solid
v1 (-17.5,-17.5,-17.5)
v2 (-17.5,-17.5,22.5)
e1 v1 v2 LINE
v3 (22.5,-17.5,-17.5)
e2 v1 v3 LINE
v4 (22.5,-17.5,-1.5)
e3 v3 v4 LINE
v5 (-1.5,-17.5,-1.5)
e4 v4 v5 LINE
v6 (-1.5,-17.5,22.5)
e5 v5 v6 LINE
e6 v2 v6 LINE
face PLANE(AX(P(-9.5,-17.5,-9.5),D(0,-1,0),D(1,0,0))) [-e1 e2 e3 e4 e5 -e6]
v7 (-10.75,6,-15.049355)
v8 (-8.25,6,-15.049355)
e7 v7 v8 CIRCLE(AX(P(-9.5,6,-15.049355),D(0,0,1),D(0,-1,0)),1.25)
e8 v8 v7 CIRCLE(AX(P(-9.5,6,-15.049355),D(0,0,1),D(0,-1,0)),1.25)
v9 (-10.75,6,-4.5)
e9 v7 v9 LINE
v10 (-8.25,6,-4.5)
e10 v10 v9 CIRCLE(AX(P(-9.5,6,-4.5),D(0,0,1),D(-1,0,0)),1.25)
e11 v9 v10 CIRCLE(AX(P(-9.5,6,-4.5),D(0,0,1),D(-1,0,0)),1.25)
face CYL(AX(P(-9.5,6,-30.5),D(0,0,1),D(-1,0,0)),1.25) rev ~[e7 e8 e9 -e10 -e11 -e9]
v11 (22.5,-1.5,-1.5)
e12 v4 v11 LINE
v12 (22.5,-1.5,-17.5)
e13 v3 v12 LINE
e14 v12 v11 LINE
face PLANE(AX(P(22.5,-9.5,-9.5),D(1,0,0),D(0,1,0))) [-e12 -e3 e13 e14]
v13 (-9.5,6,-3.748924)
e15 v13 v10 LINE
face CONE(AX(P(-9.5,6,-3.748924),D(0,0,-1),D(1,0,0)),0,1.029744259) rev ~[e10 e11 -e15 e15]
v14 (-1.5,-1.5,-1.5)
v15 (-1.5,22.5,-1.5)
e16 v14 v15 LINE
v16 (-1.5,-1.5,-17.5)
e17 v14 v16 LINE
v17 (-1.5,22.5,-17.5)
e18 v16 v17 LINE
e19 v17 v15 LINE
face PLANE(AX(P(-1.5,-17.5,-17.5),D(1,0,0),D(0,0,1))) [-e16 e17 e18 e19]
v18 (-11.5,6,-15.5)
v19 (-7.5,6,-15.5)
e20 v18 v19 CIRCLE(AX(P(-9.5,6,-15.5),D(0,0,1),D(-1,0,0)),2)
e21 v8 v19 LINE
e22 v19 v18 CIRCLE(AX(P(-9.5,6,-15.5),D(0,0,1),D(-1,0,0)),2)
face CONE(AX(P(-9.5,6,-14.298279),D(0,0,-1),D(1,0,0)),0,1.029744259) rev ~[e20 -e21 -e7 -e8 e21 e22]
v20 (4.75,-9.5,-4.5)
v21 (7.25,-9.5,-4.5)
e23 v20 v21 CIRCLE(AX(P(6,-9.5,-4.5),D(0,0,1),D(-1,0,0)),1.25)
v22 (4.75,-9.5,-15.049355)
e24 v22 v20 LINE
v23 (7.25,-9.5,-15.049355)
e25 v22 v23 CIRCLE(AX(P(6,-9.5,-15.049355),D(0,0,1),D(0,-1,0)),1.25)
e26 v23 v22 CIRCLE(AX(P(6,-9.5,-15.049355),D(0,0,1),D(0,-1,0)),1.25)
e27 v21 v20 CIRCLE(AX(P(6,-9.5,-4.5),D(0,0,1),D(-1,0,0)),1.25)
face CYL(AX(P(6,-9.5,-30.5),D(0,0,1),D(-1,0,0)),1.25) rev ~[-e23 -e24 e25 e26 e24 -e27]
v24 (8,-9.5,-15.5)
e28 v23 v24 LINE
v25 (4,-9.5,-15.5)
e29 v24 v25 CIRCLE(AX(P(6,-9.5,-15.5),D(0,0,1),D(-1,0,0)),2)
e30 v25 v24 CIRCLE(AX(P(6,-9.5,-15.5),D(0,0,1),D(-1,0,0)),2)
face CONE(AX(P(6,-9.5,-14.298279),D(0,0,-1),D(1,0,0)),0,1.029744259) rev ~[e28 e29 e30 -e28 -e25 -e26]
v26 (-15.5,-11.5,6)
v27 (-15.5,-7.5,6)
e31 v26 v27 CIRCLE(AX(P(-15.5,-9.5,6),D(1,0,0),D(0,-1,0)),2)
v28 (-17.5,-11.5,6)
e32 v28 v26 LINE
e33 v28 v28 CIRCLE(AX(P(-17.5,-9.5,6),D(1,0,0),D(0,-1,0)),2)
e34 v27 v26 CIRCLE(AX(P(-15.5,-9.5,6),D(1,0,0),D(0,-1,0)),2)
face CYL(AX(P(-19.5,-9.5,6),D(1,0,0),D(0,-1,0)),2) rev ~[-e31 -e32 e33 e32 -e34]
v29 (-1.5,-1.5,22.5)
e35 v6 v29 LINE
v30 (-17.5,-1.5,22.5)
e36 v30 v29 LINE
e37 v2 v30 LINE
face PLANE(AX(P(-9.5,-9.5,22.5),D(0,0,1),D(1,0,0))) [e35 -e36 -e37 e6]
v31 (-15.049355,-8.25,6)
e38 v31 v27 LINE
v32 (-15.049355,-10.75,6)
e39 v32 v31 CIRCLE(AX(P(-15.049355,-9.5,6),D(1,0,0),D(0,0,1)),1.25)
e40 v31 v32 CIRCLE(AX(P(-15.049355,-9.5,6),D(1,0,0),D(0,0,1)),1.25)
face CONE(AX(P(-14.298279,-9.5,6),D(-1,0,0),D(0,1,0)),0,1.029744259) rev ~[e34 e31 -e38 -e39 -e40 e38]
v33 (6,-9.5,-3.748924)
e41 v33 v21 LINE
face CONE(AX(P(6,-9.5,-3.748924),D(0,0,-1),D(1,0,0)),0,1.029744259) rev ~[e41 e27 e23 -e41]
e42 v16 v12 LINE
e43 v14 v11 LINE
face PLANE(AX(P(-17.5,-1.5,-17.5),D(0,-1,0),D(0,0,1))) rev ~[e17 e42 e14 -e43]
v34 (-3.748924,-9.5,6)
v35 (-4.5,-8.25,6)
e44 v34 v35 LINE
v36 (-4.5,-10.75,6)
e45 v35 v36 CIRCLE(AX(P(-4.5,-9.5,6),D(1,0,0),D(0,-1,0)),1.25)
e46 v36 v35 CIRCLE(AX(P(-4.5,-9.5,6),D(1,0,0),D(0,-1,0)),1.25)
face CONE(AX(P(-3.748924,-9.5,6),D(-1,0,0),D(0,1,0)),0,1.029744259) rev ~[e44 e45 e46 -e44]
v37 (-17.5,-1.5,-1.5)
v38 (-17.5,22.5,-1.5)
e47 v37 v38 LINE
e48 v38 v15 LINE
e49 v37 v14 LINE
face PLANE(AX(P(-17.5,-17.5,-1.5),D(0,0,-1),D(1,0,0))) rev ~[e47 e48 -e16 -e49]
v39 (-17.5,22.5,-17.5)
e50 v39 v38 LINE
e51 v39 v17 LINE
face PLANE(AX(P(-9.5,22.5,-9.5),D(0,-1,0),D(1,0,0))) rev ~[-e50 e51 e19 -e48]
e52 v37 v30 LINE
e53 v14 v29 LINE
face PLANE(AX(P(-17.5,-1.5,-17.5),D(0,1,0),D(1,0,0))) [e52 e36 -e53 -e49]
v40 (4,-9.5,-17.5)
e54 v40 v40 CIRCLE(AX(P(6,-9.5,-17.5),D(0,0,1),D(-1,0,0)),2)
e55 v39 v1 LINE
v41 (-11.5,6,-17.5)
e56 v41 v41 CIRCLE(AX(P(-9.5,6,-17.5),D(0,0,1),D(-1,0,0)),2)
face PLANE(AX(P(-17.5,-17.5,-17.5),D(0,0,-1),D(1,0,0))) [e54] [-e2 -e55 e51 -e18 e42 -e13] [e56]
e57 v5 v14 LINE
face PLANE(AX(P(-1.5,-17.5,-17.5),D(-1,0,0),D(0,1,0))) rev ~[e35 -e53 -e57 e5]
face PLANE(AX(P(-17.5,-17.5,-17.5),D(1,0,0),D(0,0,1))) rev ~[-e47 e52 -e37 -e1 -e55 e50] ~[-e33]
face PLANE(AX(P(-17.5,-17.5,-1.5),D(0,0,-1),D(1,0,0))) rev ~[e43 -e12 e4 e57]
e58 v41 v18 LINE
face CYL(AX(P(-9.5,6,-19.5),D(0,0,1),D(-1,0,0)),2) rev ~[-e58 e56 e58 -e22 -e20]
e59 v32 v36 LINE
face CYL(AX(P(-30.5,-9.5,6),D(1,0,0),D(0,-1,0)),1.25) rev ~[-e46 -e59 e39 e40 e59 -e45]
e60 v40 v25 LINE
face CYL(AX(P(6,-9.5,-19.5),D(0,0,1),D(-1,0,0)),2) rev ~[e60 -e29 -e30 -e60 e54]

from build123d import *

# Parameters (mm, degrees)
F3_W      = 16
F3_H      = 16
F6_DEPTH  = 40
F4_W      = 16
F4_H      = 16
F7_DEPTH  = 40
F5_W      = 16
F5_H      = 16
F8_DEPTH  = 40
F9_D      = 2.5
F9_DEPTH  = 13
F9_TIP    = 0.7510757738
F10_D     = 4
F10_DEPTH = 2
F10_TIP   = 1.2017212381
F11_D     = 2.5
F11_DEPTH = 13
F11_TIP   = 0.7510757738
F12_D     = 4
F12_DEPTH = 2
F12_TIP   = 1.2017212381
F13_D     = 2.5
F13_DEPTH = 13
F13_TIP   = 0.7510757738
F14_D     = 4
F14_DEPTH = 2
F14_TIP   = 1.2017212381


with BuildPart() as f6:
    # F3 (on offset) → F6 (new body)
    with BuildSketch(Plane.XZ.offset(17.5)):
        with Locations((-9.5, -9.5)):
            Rectangle(F3_W, F3_H)
    extrude(amount=-F6_DEPTH)

    # F4 (on offset) → F7 (join)
    with BuildSketch(Plane.YZ.offset(-17.5)):
        with Locations((-9.5, -9.5)):
            Rectangle(F4_W, F4_H)
    extrude(amount=F7_DEPTH)

    # F5 (on offset) → F8 (join)
    with BuildSketch(Plane.XY.offset(-17.5)):
        with Locations((-9.5, -9.5)):
            Rectangle(F5_W, F5_H)
    extrude(amount=F8_DEPTH)

    # F9
    with Locations(Plane(origin=(0, 0, -17.5), x_dir=(1, 0, 0), z_dir=(0, 0, -1))):
        with Locations((6, 9.5)):
            Hole(F9_D / 2, depth=F9_DEPTH)
            with Locations((0, 0, -(F9_DEPTH + F9_TIP / 2))):  # 118° drill point
                Cone(0, F9_D / 2, F9_TIP, mode=Mode.SUBTRACT)

    # F10
    with Locations(Plane(origin=(0, 0, -17.5), x_dir=(1, 0, 0), z_dir=(0, 0, -1))):
        with Locations((6, 9.5)):
            Hole(F10_D / 2, depth=F10_DEPTH)
            with Locations((0, 0, -(F10_DEPTH + F10_TIP / 2))):  # 118° drill point
                Cone(0, F10_D / 2, F10_TIP, mode=Mode.SUBTRACT)

    # F11
    with Locations(Plane(origin=(0, 0, -17.5), x_dir=(1, 0, 0), z_dir=(0, 0, -1))):
        with Locations((-9.5, -6)):
            Hole(F11_D / 2, depth=F11_DEPTH)
            with Locations((0, 0, -(F11_DEPTH + F11_TIP / 2))):  # 118° drill point
                Cone(0, F11_D / 2, F11_TIP, mode=Mode.SUBTRACT)

    # F12
    with Locations(Plane(origin=(0, 0, -17.5), x_dir=(1, 0, 0), z_dir=(0, 0, -1))):
        with Locations((-9.5, -6)):
            Hole(F12_D / 2, depth=F12_DEPTH)
            with Locations((0, 0, -(F12_DEPTH + F12_TIP / 2))):  # 118° drill point
                Cone(0, F12_D / 2, F12_TIP, mode=Mode.SUBTRACT)

    # F13
    with Locations(Plane(origin=(-17.5, 0, 0), x_dir=(0, 1, 0), z_dir=(-1, 0, 0))):
        with Locations((-9.5, -6)):
            Hole(F13_D / 2, depth=F13_DEPTH)
            with Locations((0, 0, -(F13_DEPTH + F13_TIP / 2))):  # 118° drill point
                Cone(0, F13_D / 2, F13_TIP, mode=Mode.SUBTRACT)

    # F14
    with Locations(Plane(origin=(-17.5, 0, 0), x_dir=(0, 1, 0), z_dir=(-1, 0, 0))):
        with Locations((-9.5, -6)):
            Hole(F14_D / 2, depth=F14_DEPTH)
            with Locations((0, 0, -(F14_DEPTH + F14_TIP / 2))):  # 118° drill point
                Cone(0, F14_D / 2, F14_TIP, mode=Mode.SUBTRACT)


solid = f6.part
